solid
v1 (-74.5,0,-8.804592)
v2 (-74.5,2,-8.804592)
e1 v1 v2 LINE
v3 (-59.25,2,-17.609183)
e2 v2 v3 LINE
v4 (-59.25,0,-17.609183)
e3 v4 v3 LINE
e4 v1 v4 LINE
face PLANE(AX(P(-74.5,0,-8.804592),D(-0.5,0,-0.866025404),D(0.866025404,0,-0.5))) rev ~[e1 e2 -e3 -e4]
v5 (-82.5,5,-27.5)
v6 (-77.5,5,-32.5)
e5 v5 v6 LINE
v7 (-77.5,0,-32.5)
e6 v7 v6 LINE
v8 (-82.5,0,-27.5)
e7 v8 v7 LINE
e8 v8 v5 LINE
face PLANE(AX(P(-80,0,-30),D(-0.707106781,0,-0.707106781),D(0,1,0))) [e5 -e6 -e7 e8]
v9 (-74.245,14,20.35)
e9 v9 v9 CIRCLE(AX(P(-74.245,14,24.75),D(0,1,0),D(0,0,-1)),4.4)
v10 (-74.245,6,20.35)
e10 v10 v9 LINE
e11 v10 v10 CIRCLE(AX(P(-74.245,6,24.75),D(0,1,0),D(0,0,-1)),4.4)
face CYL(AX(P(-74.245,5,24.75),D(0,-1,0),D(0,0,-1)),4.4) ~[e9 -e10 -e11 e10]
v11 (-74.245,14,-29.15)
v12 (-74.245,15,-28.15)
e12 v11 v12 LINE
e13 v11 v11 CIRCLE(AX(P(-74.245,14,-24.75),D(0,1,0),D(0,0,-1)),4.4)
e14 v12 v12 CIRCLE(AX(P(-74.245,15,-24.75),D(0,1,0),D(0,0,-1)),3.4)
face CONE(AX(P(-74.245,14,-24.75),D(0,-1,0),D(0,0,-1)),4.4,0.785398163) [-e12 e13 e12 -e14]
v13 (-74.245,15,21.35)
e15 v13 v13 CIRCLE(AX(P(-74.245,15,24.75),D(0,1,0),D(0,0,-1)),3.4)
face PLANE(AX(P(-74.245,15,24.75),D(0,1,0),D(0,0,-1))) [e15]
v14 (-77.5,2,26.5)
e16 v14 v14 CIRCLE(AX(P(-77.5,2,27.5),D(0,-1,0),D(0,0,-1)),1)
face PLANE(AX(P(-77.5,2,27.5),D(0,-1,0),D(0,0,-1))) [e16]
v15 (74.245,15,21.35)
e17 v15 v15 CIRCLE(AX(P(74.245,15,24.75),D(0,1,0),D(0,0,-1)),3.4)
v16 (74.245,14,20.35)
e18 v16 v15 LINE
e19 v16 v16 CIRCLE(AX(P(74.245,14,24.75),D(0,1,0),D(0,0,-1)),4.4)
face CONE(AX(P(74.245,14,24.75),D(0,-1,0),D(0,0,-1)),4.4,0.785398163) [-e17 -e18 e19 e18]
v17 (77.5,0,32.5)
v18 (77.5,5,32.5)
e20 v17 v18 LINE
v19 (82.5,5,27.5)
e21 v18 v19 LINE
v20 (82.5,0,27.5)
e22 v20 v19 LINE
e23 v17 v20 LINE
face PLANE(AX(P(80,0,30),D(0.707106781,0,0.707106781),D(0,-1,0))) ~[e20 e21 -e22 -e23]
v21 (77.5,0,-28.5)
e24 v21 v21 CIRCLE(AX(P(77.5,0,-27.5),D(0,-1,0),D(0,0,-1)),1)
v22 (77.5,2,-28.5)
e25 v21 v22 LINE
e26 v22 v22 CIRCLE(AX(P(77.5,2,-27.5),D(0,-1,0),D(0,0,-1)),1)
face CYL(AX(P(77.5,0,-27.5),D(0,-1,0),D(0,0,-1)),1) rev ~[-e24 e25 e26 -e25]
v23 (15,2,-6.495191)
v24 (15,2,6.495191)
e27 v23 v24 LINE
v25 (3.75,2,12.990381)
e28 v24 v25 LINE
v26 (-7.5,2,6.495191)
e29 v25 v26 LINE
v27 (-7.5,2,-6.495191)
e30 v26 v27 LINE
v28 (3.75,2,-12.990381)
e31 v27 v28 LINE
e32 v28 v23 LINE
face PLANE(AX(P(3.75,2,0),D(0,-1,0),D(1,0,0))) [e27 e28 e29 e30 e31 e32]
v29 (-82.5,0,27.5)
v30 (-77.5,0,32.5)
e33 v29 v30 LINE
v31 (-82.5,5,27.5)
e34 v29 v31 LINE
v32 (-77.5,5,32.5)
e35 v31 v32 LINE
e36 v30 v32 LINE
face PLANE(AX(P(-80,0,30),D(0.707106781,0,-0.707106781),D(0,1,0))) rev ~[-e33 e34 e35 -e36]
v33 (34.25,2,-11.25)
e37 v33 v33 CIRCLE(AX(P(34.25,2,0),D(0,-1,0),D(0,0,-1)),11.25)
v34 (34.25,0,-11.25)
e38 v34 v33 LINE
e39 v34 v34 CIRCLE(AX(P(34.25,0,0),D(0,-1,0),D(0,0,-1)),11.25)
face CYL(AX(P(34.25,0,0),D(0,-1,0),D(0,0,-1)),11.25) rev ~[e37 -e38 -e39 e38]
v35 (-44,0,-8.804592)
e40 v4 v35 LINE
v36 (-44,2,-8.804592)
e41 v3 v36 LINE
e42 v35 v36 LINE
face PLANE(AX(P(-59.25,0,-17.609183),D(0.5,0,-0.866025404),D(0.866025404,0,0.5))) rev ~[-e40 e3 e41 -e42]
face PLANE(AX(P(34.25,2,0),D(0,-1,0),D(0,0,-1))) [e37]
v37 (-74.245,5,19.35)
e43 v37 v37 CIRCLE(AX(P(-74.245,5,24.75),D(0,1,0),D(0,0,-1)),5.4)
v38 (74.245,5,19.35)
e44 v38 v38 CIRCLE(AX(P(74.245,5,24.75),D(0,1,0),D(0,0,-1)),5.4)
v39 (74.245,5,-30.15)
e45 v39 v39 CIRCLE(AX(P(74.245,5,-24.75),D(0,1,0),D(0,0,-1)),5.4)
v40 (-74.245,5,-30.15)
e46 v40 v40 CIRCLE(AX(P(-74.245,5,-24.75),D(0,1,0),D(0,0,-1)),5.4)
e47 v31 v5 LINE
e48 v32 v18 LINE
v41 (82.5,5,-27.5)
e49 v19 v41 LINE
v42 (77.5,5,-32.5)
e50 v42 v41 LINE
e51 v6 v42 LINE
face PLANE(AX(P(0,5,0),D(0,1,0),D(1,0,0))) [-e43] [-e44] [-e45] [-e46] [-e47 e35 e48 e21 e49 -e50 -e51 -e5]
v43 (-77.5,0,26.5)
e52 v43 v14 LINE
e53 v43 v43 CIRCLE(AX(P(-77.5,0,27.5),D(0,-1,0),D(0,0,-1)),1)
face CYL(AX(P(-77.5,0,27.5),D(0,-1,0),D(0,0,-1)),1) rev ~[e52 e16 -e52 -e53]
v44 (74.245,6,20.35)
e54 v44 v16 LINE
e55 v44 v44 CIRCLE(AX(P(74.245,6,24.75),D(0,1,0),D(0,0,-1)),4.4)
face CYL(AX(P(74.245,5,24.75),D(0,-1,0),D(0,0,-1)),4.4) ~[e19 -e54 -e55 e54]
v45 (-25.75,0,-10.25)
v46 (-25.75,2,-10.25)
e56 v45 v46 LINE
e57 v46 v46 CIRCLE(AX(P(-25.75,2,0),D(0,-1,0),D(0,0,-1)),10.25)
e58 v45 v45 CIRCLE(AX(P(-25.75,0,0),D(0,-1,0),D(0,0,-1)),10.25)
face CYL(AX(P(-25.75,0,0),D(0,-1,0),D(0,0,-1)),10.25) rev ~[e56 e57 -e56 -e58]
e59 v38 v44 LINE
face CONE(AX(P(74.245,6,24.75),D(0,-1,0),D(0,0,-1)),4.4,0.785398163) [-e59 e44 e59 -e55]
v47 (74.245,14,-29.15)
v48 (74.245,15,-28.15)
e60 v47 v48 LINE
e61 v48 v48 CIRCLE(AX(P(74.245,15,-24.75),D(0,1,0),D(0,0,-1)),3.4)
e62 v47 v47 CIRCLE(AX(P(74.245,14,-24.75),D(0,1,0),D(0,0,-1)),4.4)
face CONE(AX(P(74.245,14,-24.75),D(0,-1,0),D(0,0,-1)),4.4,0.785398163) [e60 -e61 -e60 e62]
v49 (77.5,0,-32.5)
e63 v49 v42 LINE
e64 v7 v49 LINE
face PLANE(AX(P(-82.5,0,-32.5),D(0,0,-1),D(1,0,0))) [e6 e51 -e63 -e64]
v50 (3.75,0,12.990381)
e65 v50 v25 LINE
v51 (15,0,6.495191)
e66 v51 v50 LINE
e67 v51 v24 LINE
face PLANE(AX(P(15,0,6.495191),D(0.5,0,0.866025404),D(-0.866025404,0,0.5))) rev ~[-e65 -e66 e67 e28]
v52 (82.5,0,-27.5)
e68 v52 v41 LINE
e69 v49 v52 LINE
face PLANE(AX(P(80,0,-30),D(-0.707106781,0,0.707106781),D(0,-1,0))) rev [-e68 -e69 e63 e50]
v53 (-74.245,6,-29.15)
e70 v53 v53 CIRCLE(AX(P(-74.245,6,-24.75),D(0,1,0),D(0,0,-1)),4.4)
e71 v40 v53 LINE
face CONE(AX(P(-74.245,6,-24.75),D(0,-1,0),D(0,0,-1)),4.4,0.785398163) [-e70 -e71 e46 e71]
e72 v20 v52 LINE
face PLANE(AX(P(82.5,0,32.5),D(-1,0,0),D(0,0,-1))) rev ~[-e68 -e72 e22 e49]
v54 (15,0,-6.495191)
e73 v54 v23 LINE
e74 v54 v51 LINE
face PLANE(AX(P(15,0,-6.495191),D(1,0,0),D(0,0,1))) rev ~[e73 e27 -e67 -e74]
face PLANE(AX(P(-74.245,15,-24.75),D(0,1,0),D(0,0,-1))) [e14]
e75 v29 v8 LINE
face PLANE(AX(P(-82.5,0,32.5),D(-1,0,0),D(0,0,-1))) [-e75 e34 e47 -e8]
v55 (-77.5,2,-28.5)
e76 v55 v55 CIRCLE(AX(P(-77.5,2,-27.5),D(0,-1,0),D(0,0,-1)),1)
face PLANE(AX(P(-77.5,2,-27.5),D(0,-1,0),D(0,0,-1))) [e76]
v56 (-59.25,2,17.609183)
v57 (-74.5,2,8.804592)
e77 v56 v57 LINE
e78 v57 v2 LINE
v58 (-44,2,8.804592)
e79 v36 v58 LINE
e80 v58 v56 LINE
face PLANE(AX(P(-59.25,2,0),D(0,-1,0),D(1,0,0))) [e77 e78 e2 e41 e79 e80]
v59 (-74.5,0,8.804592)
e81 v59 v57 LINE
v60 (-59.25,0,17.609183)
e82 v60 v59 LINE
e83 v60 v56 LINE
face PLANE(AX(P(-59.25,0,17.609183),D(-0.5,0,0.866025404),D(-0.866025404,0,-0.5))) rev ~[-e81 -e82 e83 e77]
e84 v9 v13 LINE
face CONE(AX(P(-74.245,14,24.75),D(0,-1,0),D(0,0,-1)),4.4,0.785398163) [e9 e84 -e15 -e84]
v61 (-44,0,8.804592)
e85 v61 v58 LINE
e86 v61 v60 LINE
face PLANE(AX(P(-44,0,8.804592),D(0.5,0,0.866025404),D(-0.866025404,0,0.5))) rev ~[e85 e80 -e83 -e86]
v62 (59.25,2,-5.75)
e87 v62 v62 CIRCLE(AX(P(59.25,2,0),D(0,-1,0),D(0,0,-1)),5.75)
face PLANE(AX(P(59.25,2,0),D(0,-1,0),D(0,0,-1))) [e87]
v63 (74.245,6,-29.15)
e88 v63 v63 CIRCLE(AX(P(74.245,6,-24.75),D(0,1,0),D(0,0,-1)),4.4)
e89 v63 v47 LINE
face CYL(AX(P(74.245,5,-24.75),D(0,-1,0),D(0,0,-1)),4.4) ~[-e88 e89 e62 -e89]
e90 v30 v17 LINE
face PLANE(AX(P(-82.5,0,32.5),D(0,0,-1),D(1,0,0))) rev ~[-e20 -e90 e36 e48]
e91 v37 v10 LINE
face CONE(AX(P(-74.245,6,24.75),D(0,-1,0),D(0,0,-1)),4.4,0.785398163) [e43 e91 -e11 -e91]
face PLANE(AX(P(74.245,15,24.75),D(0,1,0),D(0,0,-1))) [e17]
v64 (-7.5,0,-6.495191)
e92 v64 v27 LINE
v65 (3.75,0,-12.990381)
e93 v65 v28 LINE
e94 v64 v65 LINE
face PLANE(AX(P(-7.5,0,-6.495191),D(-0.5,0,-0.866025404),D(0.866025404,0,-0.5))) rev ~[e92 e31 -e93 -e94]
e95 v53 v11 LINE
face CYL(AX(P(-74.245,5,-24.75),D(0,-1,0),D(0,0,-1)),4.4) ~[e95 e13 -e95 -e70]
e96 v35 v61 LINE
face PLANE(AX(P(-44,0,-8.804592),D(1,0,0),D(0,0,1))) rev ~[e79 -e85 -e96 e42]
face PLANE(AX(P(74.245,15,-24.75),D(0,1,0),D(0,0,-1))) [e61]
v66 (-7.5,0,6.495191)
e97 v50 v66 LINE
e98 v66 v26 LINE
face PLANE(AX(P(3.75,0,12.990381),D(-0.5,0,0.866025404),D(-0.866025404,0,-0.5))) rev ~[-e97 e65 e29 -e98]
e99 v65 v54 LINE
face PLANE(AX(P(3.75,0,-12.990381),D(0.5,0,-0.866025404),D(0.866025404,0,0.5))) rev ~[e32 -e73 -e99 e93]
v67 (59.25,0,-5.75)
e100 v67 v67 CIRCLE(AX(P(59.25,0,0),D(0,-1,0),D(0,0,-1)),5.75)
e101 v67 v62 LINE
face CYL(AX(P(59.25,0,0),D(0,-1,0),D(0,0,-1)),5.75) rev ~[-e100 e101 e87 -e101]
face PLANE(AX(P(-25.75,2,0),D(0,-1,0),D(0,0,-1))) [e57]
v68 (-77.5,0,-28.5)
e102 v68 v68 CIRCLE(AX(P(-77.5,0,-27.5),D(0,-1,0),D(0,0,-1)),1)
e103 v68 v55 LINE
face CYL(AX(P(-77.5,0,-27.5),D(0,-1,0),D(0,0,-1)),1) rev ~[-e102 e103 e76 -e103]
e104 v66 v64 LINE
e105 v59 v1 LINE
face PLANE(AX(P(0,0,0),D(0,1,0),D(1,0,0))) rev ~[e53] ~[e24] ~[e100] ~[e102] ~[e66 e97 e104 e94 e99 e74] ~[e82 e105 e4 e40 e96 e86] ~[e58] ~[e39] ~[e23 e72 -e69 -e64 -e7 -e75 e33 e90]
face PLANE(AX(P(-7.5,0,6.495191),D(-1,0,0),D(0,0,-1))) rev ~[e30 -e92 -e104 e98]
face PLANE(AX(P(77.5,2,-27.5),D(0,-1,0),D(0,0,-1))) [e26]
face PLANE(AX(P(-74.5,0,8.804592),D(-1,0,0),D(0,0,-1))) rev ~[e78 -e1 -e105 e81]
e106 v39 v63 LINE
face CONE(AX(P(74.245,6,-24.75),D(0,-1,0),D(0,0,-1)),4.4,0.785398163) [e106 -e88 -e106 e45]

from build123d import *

# Parameters (mm, degrees)
SKETCH2_W           = 165
SKETCH2_H           = 65
BOSS_EXTRUDE1_DEPTH = 5
SKETCH3_R           = 4.4
BOSS_EXTRUDE2_DEPTH = 10
CHAMFER1_SIZE       = 1
CHAMFER2_SIZE       = 5
SKETCH4_R           = 1
CUT_EXTRUDE1_DEPTH  = 2
SKETCH5_R           = 10.25
SKETCH5_R_2         = 11.25
SKETCH5_R_3         = 5.75
CUT_EXTRUDE2_DEPTH  = 2


with BuildPart() as part:
    # Sketch2 → Boss-Extrude1 (new body)
    with BuildSketch(Plane(origin=(0, 0, 0), x_dir=(1, 0, 0), z_dir=(0, 1, 0))):
        Rectangle(SKETCH2_W, SKETCH2_H)
    extrude(amount=BOSS_EXTRUDE1_DEPTH)

    # Sketch3 → Boss-Extrude2 (add)
    with BuildSketch(Plane(origin=(0, 5, 0), x_dir=(1, 0, 0), z_dir=(0, 1, 0))):
        with Locations(Location((-74.245, 24.75, 0), (0, 0, 90))):
            Circle(SKETCH3_R)
        with Locations(Location((-74.245, -24.75, 0), (0, 0, 90))):
            Circle(SKETCH3_R)
        with Locations(Location((74.245, -24.75, 0), (0, 0, 90))):
            Circle(SKETCH3_R)
        with Locations(Location((74.245, 24.75, 0), (0, 0, 90))):
            Circle(SKETCH3_R)
    extrude(amount=BOSS_EXTRUDE2_DEPTH)

    # Chamfer1
    chamfer1_edges = [part.edges().sort_by_distance(p)[0] for p in [
        (-74.245, 5, -20.35),
        (-74.245, 15, -20.35),
        (-74.245, 5, 29.15),
        (-74.245, 15, 29.15),
        (74.245, 5, 29.15),
        (74.245, 15, 29.15),
        (74.245, 5, -20.35),
        (74.245, 15, -20.35),
    ]]
    chamfer(chamfer1_edges, length=CHAMFER1_SIZE)

    # Chamfer2
    chamfer2_edges = [part.edges().sort_by_distance(p)[0] for p in [
        (82.5, 2.5, 32.5),
        (-82.5, 2.5, 32.5),
        (-82.5, 2.5, -32.5),
        (82.5, 2.5, -32.5),
    ]]
    chamfer(chamfer2_edges, length=CHAMFER2_SIZE)

    # Sketch4 → Cut-Extrude1 (cut)
    with BuildSketch(Plane.XZ):
        with Locations(Location((-77.5, 27.5, 0), (0, 0, 270))):
            Circle(SKETCH4_R)
        with Locations(Location((-77.5, -27.5, 0), (0, 0, 270))):
            Circle(SKETCH4_R)
        with Locations(Location((77.5, -27.5, 0), (0, 0, 270))):
            Circle(SKETCH4_R)
    extrude(amount=-CUT_EXTRUDE1_DEPTH, mode=Mode.SUBTRACT)

    # Sketch5 → Cut-Extrude2 (cut)
    with BuildSketch(Plane.XZ):
        with Locations(Location((-25.75, 0, 0), (0, 0, 270))):
            Circle(SKETCH5_R)
        with Locations(Location((34.25, 0, 0), (0, 0, 270))):
            Circle(SKETCH5_R_2)
        with Locations(Location((59.25, 0, 0), (0, 0, 270))):
            Circle(SKETCH5_R_3)
        Polygon((-59.25, 17.60918321), (-74.5, 8.804591605), (-74.5, -8.804591605), (-59.25, -17.60918321), (-44, -8.804591605), (-44, 8.804591605), align=None)
        Polygon((15, -6.495190528), (15, 6.495190528), (3.75, 12.990381057), (-7.5, 6.495190528), (-7.5, -6.495190528), (3.75, -12.990381057), align=None)
    extrude(amount=-CUT_EXTRUDE2_DEPTH, mode=Mode.SUBTRACT)


solid = part.part
